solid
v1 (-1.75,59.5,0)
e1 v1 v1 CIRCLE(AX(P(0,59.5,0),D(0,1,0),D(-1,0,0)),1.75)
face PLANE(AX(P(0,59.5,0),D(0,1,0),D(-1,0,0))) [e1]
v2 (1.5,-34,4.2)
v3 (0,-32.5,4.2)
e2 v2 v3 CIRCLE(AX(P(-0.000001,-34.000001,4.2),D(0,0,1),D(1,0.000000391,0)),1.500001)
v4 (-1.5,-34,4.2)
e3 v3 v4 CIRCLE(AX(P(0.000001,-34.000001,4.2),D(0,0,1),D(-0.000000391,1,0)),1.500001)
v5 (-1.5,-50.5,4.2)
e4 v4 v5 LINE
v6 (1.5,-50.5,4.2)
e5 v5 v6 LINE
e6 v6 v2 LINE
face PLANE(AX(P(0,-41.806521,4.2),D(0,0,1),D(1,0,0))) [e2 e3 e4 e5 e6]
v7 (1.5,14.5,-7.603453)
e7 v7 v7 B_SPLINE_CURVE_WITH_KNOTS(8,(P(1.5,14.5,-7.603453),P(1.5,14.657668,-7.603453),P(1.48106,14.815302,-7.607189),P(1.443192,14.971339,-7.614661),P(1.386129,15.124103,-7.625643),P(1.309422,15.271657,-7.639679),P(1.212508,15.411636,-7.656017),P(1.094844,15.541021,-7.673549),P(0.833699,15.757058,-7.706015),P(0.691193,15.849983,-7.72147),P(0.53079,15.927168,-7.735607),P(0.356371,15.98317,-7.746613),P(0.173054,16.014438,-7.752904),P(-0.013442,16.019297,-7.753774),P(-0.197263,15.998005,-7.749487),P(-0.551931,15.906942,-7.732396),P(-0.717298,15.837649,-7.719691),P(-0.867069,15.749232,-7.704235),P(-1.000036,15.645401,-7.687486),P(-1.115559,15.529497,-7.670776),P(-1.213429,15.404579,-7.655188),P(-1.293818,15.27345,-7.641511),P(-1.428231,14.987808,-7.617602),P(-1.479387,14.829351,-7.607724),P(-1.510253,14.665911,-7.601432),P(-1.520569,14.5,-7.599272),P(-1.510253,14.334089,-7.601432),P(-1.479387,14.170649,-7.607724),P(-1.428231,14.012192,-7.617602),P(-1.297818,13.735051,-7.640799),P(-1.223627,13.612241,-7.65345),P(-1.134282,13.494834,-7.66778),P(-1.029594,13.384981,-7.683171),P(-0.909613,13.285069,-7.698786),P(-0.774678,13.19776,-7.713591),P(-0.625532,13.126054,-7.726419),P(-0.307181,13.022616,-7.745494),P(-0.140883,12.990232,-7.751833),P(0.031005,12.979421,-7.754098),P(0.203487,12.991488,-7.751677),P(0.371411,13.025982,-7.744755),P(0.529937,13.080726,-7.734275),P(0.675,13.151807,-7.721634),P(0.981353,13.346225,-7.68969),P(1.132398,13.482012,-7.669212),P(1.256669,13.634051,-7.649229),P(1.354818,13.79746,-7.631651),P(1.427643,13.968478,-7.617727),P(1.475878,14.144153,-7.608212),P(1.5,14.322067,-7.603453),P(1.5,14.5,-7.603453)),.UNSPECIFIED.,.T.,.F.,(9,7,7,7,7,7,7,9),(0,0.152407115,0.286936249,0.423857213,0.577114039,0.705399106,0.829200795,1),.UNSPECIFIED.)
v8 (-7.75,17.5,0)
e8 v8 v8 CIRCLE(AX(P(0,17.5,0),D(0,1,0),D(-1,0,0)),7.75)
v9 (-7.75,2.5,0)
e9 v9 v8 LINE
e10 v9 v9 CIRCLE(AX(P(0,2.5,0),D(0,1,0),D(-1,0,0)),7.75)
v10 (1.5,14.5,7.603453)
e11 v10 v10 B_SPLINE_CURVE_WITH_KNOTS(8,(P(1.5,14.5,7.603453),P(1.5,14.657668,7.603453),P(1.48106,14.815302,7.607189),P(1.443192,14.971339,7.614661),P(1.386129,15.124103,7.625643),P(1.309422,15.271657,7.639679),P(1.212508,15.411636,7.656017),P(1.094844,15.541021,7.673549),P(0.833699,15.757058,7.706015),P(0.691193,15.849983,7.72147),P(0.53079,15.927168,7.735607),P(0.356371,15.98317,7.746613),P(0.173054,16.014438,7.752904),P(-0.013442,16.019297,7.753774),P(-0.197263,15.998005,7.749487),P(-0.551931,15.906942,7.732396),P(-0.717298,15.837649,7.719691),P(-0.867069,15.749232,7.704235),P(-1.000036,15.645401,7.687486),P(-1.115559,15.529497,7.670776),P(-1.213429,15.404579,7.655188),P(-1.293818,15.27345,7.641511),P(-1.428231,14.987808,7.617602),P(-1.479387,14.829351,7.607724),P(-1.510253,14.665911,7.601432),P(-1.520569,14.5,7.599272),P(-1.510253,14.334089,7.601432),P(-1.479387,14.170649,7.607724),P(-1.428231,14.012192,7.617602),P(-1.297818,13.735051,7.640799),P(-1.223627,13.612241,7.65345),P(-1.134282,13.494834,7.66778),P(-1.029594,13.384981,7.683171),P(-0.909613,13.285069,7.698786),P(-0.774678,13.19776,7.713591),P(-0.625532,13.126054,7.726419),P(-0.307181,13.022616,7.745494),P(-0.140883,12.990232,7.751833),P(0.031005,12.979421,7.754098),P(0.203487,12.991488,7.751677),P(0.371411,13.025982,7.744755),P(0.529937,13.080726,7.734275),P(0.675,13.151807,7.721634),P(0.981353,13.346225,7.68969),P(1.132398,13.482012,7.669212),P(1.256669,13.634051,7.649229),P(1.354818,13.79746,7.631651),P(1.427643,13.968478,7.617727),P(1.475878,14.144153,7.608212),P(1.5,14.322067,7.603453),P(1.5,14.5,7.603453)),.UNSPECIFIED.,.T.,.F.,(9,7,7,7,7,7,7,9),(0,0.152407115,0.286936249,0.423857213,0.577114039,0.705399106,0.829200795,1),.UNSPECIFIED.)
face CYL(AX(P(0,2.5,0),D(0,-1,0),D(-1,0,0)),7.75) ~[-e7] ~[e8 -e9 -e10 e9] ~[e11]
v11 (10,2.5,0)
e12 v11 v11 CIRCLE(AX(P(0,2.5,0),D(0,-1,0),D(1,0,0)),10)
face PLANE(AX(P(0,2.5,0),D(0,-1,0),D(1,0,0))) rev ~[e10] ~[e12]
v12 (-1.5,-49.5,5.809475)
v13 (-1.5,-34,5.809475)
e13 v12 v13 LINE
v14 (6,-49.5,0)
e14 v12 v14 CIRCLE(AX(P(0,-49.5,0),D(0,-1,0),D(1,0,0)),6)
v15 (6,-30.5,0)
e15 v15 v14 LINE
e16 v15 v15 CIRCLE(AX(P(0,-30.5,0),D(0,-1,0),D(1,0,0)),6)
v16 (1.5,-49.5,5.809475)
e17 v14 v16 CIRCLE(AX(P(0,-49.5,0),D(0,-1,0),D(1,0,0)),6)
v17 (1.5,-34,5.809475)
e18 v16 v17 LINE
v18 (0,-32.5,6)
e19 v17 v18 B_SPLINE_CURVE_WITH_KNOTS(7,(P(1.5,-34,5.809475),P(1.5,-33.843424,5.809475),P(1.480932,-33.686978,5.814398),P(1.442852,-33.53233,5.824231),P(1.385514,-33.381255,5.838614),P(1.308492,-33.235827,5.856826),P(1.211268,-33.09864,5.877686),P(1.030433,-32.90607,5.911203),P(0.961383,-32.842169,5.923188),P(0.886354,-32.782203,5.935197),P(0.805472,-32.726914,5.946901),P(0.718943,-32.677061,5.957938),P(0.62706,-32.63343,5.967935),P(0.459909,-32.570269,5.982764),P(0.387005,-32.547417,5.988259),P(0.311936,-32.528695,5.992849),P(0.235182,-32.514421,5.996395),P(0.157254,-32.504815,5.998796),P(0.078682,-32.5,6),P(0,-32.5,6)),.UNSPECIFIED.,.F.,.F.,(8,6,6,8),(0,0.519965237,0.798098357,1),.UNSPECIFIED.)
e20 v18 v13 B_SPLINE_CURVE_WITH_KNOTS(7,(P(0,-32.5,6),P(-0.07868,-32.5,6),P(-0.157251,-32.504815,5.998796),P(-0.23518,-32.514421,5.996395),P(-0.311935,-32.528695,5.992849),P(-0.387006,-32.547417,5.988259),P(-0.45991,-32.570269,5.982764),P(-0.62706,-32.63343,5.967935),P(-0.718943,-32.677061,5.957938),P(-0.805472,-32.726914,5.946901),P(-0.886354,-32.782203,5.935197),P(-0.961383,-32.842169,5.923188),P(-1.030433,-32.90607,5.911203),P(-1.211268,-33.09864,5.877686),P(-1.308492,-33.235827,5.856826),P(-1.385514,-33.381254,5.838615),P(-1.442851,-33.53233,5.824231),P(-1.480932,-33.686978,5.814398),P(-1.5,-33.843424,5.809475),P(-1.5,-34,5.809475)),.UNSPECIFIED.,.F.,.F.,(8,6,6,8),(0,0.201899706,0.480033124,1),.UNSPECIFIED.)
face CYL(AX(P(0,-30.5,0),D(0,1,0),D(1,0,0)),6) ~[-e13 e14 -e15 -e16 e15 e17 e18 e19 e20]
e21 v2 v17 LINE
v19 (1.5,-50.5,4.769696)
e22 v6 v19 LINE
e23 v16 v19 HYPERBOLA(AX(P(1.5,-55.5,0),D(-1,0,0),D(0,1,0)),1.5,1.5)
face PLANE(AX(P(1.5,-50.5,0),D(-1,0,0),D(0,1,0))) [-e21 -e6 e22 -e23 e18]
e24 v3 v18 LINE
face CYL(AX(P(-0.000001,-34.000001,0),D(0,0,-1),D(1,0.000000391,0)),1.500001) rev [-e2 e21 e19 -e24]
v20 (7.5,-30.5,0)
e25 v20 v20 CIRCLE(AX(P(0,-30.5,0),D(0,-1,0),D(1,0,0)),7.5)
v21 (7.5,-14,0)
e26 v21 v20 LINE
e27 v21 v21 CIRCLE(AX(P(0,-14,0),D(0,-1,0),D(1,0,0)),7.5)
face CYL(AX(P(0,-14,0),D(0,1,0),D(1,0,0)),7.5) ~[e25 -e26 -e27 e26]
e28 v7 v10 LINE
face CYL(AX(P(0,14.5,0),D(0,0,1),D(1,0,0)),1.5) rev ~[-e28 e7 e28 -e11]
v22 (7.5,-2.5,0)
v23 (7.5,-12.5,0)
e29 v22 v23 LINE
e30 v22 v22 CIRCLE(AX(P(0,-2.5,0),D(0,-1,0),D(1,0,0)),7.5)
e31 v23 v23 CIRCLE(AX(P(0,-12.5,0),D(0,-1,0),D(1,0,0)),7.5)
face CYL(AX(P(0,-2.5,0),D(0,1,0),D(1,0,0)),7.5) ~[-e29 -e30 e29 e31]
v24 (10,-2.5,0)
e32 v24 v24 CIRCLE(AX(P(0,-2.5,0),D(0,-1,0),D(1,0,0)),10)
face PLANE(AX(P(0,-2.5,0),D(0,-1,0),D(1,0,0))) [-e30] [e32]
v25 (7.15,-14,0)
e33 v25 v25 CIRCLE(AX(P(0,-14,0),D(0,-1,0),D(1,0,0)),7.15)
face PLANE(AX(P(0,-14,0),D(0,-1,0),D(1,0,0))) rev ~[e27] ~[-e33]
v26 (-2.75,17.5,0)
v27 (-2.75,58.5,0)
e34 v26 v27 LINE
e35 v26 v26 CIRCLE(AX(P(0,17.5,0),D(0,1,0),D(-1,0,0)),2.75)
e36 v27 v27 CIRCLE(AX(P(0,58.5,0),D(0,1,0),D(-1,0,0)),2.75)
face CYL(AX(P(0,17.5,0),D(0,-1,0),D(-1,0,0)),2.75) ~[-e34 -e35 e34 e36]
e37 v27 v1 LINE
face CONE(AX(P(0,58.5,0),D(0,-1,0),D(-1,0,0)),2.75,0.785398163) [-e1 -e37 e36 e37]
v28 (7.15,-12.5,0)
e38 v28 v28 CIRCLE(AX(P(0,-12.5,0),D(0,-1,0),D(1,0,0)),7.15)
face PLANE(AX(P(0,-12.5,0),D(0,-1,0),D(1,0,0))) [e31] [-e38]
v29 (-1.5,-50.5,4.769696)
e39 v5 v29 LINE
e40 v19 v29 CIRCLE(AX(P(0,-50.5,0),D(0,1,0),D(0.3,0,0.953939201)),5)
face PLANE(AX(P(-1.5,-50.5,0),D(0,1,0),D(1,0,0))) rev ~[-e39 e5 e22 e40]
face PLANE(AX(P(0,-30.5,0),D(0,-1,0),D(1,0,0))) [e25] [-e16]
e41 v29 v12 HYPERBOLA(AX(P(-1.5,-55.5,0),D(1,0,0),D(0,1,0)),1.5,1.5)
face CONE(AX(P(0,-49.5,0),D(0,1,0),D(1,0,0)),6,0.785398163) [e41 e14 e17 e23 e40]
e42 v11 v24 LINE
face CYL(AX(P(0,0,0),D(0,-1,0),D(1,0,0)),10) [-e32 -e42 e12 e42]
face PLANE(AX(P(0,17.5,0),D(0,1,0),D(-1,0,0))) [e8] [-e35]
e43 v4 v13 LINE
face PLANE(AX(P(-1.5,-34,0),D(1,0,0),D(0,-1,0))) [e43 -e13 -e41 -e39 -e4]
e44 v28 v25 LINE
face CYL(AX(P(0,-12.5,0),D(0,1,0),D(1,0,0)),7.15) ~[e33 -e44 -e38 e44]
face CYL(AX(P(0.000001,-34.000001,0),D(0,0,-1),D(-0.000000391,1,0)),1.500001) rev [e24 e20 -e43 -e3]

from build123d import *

# Parameters (mm, degrees)
F0_R      = 10
F1_DEPTH  = 2.5
F2_R      = 7.5
F3_DEPTH  = 10
F4_R      = 7.15
F5_DEPTH  = 1.5
F6_R      = 7.5
F7_DEPTH  = 16.5
F8_R      = 6
F9_DEPTH  = 20
F10_SIZE  = 1
F11_R     = 7.75
F12_DEPTH = 15
F13_R     = 2.75
F14_DEPTH = 42
F15_SIZE  = 1
F16_R     = 1.5
F17_DEPTH = 12.5
F19_DEPTH = 6
F20_DEPTH = 4.2


with BuildPart() as f1:
    # F0 (on Front) → F1 (new body, symmetric)
    with BuildSketch(Plane.XZ):
        Circle(F0_R)
    extrude(amount=F1_DEPTH, both=True)

    # F2 (on face) → F3 (join)
    with BuildSketch(Plane.XZ.offset(2.5)):
        Circle(F2_R)
    extrude(amount=F3_DEPTH)

    # F4 (on face) → F5 (join)
    with BuildSketch(Plane.XZ.offset(12.5)):
        Circle(F4_R)
    extrude(amount=F5_DEPTH)

    # F6 (on face) → F7 (join)
    with BuildSketch(Plane.XZ.offset(14)):
        Circle(F6_R)
    extrude(amount=F7_DEPTH)

    # F8 (on face) → F9 (join)
    with BuildSketch(Plane.XZ.offset(30.5)):
        Circle(F8_R)
    extrude(amount=F9_DEPTH)

    # F10
    f10_edges = [f1.edges().sort_by_distance(p)[0] for p in [
        (-6, -50.5, 0),
    ]]
    chamfer(f10_edges, length=F10_SIZE)

    # F11 (on face) → F12 (join)
    with BuildSketch(Plane(origin=(0, 2.5, 0), x_dir=(-1, 0, 0), z_dir=(0, 1, 0))):
        Circle(F11_R)
    extrude(amount=F12_DEPTH)

    # F13 (on face) → F14 (join)
    with BuildSketch(Plane(origin=(0, 17.5, 0), x_dir=(-1, 0, 0), z_dir=(0, 1, 0))):
        Circle(F13_R)
    extrude(amount=F14_DEPTH)

    # F15
    f15_edges = [f1.edges().sort_by_distance(p)[0] for p in [
        (2.75, 59.5, 0),
    ]]
    chamfer(f15_edges, length=F15_SIZE)

    # F16 (on Top) → F17 (cut, symmetric)
    with BuildSketch(Plane.XY):
        with Locations((0, 14.5)):
            Circle(F16_R)
    extrude(amount=F17_DEPTH, both=True, mode=Mode.SUBTRACT)

    # F18 (on Top) → F19 (cut)
    with BuildSketch(Plane.XY):
        with BuildLine():
            Line((-1.5, -34), (-1.5, -50.5))
            Line((-1.5, -50.5), (1.5, -50.5))
            Line((1.5, -50.5), (1.5, -34))
            ThreePointArc((1.5, -34), (1.06066, -32.93934), (0, -32.5))
            ThreePointArc((0, -32.5), (-1.06066, -32.93934), (-1.5, -34))
        make_face()
    extrude(amount=F19_DEPTH, mode=Mode.SUBTRACT)

    # F18 (on Top) → F20 (join)
    with BuildSketch(Plane.XY):
        with BuildLine():
            Line((-1.5, -34), (-1.5, -50.5))
            Line((-1.5, -50.5), (1.5, -50.5))
            Line((1.5, -50.5), (1.5, -34))
            ThreePointArc((1.5, -34), (1.06066, -32.93934), (0, -32.5))
            ThreePointArc((0, -32.5), (-1.06066, -32.93934), (-1.5, -34))
        make_face()
    extrude(amount=F20_DEPTH)


solid = f1.part
